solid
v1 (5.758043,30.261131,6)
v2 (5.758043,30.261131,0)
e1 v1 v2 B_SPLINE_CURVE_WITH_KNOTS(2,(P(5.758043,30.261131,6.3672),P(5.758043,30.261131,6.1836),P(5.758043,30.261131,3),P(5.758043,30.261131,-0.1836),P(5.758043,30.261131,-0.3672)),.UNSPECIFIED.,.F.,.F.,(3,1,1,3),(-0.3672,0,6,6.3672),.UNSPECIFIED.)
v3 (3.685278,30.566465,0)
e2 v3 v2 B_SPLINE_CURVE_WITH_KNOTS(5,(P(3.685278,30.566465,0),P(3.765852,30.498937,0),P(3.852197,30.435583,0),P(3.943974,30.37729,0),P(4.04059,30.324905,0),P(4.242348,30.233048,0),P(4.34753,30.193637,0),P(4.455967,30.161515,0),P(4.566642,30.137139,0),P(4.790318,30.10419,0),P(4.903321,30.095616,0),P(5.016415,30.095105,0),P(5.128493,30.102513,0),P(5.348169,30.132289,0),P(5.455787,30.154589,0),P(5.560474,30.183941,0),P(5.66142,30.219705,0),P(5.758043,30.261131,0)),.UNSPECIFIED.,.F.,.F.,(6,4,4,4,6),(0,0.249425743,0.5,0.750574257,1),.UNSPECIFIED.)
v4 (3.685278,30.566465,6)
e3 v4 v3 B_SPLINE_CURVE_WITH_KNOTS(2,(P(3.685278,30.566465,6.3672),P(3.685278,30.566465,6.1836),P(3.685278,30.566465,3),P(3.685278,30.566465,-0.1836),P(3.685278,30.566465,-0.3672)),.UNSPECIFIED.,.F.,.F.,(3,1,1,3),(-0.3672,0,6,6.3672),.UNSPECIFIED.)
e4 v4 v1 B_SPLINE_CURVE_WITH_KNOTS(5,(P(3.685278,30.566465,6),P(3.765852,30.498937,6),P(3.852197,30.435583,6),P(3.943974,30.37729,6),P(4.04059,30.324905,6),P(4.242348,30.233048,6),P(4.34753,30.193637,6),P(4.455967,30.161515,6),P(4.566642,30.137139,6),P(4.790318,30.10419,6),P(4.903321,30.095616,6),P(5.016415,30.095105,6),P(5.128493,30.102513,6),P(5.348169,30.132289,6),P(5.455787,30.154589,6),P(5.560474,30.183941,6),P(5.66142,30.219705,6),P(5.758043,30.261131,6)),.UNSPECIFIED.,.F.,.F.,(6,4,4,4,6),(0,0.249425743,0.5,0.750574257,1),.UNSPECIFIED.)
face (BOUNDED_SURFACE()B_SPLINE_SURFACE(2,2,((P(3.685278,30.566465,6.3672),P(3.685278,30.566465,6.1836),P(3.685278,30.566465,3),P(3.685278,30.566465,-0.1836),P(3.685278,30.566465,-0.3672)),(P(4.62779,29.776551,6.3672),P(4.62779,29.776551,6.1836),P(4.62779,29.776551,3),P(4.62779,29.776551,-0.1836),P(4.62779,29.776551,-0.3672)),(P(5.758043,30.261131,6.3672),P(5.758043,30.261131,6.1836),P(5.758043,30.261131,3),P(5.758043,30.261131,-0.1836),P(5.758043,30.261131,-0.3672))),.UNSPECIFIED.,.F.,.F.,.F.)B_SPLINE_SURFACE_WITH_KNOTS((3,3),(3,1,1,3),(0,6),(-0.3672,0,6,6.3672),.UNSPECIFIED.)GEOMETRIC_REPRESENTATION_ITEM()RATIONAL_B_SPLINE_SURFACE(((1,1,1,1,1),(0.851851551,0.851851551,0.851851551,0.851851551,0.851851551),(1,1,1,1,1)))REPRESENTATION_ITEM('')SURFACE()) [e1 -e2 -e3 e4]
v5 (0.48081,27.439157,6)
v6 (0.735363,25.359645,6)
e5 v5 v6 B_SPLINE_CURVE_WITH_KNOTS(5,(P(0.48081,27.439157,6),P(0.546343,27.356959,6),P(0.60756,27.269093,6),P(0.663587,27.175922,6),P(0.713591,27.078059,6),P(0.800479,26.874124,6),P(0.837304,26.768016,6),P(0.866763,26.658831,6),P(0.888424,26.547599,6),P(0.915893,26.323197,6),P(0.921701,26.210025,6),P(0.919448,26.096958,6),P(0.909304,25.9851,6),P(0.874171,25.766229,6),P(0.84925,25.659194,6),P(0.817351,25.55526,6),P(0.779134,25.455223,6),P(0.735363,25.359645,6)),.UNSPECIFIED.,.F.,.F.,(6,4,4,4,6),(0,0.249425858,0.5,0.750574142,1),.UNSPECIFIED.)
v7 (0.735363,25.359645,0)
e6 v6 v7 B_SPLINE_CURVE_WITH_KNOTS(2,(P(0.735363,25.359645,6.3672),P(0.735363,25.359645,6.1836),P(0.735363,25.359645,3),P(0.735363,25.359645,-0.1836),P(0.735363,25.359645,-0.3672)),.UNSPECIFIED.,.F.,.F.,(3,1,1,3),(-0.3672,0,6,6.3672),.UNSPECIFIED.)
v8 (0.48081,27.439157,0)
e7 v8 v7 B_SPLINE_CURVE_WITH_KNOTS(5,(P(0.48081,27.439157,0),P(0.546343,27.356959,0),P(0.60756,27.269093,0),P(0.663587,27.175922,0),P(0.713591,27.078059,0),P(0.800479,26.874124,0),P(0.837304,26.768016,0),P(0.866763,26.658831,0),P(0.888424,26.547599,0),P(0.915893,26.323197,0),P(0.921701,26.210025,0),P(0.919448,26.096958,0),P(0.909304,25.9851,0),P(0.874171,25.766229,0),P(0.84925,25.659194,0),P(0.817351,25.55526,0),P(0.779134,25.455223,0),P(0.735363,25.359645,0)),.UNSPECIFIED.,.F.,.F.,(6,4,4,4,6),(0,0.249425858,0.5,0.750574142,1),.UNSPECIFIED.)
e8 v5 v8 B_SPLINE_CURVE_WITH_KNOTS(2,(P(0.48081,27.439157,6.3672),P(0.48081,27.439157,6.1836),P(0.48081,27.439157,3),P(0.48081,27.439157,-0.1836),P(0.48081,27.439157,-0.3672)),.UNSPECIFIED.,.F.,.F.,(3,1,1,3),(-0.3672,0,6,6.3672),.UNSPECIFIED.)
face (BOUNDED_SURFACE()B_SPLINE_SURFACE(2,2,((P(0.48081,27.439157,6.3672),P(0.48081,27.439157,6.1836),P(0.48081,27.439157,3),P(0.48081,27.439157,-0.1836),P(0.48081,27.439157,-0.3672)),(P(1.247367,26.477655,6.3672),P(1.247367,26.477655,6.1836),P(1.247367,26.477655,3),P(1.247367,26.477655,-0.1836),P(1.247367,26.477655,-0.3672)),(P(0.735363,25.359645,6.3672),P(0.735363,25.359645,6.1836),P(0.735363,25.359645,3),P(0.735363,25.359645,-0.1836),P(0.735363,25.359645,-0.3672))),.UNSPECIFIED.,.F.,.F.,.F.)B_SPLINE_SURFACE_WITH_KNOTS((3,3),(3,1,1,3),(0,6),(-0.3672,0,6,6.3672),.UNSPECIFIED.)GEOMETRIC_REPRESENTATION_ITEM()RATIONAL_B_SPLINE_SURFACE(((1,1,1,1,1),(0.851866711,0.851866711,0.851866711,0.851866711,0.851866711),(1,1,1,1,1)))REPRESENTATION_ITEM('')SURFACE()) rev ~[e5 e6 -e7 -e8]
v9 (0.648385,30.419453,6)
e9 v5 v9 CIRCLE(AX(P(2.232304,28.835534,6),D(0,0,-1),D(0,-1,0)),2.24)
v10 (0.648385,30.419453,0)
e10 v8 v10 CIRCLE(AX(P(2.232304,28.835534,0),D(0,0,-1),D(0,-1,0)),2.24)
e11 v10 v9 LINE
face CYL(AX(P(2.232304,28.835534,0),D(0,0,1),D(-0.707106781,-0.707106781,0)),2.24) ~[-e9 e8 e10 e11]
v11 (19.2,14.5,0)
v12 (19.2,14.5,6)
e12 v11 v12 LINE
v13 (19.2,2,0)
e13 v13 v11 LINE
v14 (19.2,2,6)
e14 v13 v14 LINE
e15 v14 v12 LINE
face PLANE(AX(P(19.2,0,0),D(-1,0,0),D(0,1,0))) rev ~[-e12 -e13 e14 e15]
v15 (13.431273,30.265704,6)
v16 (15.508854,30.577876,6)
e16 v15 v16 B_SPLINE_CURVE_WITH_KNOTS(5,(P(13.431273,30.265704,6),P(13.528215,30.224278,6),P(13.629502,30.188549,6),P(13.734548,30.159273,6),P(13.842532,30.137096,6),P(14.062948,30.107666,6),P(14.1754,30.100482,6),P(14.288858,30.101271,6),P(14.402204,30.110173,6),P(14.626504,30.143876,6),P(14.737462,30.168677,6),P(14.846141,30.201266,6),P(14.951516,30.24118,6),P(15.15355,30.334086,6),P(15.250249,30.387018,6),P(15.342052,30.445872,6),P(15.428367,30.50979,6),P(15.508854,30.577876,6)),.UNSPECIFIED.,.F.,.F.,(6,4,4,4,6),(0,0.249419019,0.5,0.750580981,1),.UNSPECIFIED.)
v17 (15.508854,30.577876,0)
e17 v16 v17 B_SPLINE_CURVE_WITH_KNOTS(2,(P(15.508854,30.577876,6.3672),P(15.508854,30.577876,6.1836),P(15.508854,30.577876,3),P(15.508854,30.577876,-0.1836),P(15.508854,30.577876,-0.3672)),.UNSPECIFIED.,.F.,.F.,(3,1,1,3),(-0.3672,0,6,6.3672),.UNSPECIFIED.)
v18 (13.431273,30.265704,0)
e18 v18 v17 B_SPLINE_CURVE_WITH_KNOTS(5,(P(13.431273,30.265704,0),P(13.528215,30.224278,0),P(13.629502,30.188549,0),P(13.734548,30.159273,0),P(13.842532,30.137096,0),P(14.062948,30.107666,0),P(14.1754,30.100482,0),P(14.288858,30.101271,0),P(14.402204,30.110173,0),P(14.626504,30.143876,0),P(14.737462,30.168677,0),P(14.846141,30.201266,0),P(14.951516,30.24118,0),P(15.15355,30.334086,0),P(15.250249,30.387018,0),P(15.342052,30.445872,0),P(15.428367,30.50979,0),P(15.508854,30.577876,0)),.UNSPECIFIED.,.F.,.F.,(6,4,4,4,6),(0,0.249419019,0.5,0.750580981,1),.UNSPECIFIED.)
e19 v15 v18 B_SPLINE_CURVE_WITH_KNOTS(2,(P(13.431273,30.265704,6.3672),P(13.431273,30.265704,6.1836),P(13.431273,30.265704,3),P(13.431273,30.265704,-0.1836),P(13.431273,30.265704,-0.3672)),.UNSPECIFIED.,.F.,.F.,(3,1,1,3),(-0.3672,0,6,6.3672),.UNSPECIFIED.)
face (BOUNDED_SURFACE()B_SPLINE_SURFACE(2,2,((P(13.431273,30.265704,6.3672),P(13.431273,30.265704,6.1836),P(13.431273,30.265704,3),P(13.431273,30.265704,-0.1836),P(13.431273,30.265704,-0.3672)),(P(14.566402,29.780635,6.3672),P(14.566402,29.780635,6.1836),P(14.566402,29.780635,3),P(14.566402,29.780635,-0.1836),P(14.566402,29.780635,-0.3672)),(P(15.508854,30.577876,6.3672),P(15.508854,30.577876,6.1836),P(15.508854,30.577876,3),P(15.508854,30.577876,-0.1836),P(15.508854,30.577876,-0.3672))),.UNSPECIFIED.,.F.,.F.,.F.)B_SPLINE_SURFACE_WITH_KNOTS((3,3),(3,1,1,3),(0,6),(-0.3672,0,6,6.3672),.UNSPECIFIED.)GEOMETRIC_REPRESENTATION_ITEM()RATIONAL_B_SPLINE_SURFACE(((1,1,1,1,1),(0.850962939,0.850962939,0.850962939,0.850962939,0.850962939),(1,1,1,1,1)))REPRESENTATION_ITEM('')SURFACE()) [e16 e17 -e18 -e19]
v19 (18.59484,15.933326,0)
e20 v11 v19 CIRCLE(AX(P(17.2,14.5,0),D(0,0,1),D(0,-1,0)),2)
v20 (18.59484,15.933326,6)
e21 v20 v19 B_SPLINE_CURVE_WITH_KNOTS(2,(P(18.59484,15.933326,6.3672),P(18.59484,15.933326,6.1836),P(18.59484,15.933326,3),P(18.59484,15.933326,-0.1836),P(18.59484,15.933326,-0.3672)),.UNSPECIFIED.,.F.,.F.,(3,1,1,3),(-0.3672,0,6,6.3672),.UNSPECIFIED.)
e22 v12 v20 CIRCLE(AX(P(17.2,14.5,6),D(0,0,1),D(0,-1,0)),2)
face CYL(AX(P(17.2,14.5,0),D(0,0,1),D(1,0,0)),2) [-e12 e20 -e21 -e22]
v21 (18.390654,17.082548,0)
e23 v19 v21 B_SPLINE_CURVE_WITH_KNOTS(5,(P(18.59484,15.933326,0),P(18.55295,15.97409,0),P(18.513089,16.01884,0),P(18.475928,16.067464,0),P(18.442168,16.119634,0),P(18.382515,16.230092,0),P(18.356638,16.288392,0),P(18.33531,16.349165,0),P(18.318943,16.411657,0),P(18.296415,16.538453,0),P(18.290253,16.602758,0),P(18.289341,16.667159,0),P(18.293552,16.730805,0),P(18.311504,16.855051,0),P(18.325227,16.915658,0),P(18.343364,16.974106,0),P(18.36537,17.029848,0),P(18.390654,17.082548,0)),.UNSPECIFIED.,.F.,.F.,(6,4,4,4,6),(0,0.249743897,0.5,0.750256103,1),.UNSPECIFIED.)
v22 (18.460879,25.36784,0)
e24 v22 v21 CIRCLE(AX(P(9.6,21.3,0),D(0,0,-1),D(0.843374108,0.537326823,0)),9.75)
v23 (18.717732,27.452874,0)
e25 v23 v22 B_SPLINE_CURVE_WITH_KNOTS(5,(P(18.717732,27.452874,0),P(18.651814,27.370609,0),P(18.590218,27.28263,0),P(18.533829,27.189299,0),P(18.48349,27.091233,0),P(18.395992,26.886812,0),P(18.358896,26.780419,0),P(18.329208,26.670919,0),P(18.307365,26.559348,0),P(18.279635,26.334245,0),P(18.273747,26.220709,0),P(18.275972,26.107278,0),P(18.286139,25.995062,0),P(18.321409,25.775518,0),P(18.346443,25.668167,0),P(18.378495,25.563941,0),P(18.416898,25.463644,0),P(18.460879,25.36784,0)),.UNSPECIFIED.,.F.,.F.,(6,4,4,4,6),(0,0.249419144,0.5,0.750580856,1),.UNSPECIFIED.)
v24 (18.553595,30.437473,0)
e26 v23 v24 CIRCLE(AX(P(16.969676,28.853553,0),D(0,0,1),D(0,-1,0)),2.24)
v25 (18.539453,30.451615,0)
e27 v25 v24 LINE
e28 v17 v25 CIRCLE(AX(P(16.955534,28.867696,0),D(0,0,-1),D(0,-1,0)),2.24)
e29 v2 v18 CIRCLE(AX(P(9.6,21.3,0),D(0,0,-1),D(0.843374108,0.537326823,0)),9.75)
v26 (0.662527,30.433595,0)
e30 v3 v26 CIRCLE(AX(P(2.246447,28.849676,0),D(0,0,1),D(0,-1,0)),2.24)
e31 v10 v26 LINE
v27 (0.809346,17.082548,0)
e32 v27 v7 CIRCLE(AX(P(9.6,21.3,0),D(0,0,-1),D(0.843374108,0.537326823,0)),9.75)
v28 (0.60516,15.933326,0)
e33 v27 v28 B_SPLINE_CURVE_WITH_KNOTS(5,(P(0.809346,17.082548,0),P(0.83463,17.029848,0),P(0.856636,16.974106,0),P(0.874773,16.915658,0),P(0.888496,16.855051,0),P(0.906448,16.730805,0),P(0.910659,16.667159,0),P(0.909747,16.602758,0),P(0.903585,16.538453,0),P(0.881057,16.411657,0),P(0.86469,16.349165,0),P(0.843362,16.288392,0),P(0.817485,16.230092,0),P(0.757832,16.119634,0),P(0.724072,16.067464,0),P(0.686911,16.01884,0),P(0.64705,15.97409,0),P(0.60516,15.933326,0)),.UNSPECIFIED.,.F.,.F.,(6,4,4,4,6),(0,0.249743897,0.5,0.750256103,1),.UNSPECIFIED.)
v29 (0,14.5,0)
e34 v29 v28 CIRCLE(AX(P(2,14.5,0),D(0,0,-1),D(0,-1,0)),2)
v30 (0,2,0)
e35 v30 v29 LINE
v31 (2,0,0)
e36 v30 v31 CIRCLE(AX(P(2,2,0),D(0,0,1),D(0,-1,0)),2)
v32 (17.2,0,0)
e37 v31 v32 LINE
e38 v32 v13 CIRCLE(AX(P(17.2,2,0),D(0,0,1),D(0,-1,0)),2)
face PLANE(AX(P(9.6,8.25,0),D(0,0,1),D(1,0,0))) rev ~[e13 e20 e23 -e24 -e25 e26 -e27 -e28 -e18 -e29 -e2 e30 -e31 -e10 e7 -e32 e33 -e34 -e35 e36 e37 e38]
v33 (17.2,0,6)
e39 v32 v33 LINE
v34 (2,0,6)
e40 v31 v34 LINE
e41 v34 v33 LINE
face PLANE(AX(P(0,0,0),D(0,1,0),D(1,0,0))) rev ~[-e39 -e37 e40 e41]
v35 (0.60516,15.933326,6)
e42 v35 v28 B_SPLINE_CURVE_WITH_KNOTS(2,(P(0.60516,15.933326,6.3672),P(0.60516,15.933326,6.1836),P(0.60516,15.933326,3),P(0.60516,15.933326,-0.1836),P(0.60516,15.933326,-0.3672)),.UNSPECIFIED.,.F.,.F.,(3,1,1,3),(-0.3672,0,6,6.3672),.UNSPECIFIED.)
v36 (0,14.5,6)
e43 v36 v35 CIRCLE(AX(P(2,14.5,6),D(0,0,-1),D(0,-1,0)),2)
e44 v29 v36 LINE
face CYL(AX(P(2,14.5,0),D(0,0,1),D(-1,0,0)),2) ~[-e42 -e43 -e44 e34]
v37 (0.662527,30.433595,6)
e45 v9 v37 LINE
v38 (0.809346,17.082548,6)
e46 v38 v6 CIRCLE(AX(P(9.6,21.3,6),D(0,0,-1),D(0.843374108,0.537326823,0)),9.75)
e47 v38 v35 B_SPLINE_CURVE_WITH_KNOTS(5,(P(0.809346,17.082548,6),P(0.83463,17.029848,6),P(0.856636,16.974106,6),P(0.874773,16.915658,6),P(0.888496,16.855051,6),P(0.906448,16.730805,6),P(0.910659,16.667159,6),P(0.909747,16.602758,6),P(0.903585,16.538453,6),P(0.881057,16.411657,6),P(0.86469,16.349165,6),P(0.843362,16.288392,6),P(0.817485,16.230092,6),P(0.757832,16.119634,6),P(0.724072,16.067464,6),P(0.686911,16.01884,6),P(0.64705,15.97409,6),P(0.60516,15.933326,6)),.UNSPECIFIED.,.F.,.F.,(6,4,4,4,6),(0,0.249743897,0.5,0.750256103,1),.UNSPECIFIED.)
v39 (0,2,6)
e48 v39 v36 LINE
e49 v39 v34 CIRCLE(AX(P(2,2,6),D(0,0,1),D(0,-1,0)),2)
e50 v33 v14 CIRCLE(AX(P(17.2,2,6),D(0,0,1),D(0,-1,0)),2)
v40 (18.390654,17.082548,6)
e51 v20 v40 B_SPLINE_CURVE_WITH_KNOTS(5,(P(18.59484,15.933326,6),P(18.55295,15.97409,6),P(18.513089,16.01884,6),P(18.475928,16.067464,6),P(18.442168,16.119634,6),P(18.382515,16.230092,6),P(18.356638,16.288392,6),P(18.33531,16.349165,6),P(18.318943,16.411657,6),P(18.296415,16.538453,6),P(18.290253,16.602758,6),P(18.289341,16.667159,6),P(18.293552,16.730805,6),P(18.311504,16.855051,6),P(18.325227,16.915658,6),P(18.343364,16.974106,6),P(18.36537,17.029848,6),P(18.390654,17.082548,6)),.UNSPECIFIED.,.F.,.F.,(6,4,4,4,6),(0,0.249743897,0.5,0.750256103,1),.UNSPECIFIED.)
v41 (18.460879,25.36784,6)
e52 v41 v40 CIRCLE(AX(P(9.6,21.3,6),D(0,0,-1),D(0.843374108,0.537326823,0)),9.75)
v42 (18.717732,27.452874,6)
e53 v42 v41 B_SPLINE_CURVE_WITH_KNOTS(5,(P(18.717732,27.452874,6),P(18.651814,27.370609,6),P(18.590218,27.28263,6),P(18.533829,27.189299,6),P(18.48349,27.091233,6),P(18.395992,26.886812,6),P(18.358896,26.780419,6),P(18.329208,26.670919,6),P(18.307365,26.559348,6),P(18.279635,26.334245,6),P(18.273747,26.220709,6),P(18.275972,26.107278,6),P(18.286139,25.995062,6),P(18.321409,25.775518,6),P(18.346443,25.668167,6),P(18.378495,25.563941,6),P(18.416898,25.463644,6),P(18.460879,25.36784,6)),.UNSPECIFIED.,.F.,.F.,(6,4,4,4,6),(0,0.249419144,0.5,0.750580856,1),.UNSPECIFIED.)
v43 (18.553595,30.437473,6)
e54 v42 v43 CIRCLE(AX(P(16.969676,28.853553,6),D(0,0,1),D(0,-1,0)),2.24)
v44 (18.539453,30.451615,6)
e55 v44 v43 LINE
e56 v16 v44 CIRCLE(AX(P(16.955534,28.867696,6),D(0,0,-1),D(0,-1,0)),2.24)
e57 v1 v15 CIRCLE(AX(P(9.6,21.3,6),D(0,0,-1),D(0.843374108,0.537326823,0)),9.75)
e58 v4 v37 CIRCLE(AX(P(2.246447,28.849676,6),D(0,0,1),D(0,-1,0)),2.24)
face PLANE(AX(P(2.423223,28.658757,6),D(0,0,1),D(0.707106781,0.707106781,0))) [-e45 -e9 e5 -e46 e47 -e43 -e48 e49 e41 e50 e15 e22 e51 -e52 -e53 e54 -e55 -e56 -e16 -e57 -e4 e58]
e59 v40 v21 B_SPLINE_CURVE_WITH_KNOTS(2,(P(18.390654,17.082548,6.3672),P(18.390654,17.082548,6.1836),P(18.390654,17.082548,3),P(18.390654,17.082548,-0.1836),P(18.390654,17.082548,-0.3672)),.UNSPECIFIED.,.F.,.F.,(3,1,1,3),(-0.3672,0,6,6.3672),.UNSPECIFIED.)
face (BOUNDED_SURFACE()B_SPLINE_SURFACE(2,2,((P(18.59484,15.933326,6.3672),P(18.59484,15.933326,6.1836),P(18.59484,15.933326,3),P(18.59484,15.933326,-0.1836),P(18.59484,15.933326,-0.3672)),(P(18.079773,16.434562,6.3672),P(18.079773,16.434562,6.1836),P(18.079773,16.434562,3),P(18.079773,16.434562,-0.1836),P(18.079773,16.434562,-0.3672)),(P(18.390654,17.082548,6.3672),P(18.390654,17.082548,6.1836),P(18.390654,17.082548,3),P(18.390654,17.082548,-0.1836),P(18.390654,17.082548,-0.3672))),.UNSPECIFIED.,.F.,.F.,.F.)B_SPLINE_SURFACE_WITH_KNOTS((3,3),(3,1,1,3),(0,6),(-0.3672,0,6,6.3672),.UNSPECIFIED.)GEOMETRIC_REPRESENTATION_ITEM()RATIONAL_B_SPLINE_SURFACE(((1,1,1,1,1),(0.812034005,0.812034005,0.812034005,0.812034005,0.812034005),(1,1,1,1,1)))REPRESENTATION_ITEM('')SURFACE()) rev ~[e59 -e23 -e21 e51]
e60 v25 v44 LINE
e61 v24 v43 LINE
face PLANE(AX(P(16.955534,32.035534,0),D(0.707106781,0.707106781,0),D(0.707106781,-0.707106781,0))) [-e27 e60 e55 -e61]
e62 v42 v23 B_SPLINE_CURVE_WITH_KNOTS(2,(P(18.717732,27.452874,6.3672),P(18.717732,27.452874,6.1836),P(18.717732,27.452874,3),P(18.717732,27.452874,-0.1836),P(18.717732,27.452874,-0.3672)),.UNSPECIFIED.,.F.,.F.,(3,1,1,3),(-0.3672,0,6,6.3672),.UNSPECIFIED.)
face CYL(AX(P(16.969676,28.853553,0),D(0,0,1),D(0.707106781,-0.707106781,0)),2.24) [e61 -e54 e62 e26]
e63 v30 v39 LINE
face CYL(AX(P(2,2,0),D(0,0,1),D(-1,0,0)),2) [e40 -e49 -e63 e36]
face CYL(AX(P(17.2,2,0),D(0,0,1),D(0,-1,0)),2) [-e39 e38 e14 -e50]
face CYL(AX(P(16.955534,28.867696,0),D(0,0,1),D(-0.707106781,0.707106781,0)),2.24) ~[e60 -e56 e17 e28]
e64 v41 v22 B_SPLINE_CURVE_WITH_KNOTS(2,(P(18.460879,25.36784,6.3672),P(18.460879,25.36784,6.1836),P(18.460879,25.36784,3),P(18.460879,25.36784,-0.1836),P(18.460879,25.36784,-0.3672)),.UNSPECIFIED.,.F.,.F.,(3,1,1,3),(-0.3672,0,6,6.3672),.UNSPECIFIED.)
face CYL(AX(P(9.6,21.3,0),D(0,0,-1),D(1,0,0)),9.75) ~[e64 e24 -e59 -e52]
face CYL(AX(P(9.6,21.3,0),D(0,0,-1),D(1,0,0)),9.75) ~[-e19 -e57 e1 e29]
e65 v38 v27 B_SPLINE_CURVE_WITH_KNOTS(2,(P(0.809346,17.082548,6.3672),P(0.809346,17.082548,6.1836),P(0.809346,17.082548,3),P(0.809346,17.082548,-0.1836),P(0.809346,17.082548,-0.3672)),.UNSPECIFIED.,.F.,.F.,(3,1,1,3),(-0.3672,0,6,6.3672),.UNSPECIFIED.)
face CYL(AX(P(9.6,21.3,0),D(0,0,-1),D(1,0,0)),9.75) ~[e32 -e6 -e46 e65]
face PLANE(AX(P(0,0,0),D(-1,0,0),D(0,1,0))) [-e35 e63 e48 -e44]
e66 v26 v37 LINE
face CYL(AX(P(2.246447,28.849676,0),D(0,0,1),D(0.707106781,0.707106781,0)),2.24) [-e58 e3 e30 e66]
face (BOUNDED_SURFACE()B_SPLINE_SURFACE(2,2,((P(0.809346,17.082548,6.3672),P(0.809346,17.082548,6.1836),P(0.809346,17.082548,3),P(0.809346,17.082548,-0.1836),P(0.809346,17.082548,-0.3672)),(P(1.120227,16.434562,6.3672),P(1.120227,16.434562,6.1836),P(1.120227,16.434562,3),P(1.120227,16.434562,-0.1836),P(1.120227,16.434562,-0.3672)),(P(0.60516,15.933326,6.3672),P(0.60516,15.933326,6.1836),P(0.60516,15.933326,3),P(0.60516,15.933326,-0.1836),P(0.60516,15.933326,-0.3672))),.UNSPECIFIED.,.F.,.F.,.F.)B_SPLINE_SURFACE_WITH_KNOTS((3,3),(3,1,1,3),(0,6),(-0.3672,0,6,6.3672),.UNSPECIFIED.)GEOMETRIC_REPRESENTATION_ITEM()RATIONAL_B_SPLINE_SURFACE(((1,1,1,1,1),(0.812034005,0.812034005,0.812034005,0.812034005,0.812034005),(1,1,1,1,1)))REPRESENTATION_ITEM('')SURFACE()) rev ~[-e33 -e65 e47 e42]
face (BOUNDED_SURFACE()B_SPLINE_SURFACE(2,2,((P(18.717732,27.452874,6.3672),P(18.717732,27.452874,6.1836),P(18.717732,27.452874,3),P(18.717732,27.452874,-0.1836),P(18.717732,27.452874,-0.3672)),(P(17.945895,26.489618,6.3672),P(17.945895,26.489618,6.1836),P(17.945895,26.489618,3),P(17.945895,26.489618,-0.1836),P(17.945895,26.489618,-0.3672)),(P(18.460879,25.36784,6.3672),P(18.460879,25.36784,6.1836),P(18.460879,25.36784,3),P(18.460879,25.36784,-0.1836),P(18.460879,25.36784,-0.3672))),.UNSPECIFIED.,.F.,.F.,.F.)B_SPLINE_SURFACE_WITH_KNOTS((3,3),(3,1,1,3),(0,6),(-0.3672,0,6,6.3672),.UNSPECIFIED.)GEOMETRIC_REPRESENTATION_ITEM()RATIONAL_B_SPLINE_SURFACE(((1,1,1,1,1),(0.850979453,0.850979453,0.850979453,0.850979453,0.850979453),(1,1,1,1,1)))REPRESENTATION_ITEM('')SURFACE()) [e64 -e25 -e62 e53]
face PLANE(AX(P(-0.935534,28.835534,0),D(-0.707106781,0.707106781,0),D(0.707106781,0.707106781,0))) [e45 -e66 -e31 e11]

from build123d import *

# Parameters (mm, degrees)
BOX003_W               = 4.5
BOX003_H               = 5
BOX003_DEPTH           = 6
BOX003_PLACEMENT_ANGLE = 315
FILLET004_R            = 2.24
BOX002_W               = 19.2
BOX002_H               = 16.5
BOX002_DEPTH           = 6
FILLET005_R            = 2
BOX006_W               = 4.5
BOX006_H               = 5
BOX006_DEPTH           = 6
BOX006_PLACEMENT_ANGLE = 315
FILLET006_R            = 2.24
CYLINDER_R             = 9.75
CYLINDER_DEPTH         = 6
FILLET007_1_R          = 2
FILLET007_2_R          = 1


with BuildPart() as fillet004:
    # Box003 → Box003 (new body)
    with BuildSketch(Plane.XY):
        with Locations((2.25, 2.5)):
            Rectangle(BOX003_W, BOX003_H)
    extrude(amount=BOX003_DEPTH)


with BuildPart() as fillet004_1:
    # Box003 placement: moved
    add(fillet004.part.moved(Location((13.42, 28.5, 0))).rotate(Axis((13.42, 28.5, 0), (0, 0, 1)), BOX003_PLACEMENT_ANGLE))

    # Fillet004
    fillet004_edges = [fillet004_1.edges().sort_by_distance(p)[0] for p in [
        (16.955534, 32.035534, 3),
        (20.137514, 28.853553, 3),
    ]]
    fillet(fillet004_edges, radius=FILLET004_R)


with BuildPart() as fillet005:
    # Box002 → Box002 (new body)
    with BuildSketch(Plane.XY):
        with Locations((9.6, 8.25)):
            Rectangle(BOX002_W, BOX002_H)
    extrude(amount=BOX002_DEPTH)

    # Fillet005
    fillet005_edges = [fillet005.edges().sort_by_distance(p)[0] for p in [
        (0, 0, 3),
        (0, 16.5, 3),
        (19.2, 0, 3),
        (19.2, 16.5, 3),
    ]]
    fillet(fillet005_edges, radius=FILLET005_R)


with BuildPart() as fillet006:
    # Box006 → Box006 (new body)
    with BuildSketch(Plane.XY):
        with Locations((2.25, 2.5)):
            Rectangle(BOX006_W, BOX006_H)
    extrude(amount=BOX006_DEPTH)


with BuildPart() as fillet006_1:
    # Box006 placement: moved
    add(fillet006.part.moved(Location((2.6, 25.3, 0))).rotate(Axis((2.6, 25.3, 0), (0, 0, -1)), BOX006_PLACEMENT_ANGLE))

    # Fillet006
    fillet006_edges = [fillet006_1.edges().sort_by_distance(p)[0] for p in [
        (-0.935534, 28.835534, 3),
        (2.246447, 32.017514, 3),
    ]]
    fillet(fillet006_edges, radius=FILLET006_R)


with BuildPart() as fillet007:
    # Cylinder → Cylinder (new body)
    with BuildSketch(Plane(origin=(9.6, 21.3, 0), x_dir=(1, 0, 0), z_dir=(0, 0, 1))):
        Circle(CYLINDER_R)
    extrude(amount=CYLINDER_DEPTH)

    # Fusion025: union Fillet004, Fillet005, Fillet006
    add(fillet004_1.part)
    add(fillet005.part)
    add(fillet006_1.part)

    # Fillet007 1
    fillet007_1_edges = [fillet007.edges().sort_by_distance(p)[0] for p in [
        (4.596011, 29.66795, 3),
        (14.593947, 29.673947, 3),
        (17.822898, 26.538937, 3),
        (1.370866, 26.529134, 3),
    ]]
    fillet(fillet007_1_edges, radius=FILLET007_1_R)

    # Fillet007 2
    fillet007_2_edges = [fillet007.edges().sort_by_distance(p)[0] for p in [
        (1.207976, 16.336491, 3),
        (17.992024, 16.336491, 3),
    ]]
    fillet(fillet007_2_edges, radius=FILLET007_2_R)


solid = fillet007.part
